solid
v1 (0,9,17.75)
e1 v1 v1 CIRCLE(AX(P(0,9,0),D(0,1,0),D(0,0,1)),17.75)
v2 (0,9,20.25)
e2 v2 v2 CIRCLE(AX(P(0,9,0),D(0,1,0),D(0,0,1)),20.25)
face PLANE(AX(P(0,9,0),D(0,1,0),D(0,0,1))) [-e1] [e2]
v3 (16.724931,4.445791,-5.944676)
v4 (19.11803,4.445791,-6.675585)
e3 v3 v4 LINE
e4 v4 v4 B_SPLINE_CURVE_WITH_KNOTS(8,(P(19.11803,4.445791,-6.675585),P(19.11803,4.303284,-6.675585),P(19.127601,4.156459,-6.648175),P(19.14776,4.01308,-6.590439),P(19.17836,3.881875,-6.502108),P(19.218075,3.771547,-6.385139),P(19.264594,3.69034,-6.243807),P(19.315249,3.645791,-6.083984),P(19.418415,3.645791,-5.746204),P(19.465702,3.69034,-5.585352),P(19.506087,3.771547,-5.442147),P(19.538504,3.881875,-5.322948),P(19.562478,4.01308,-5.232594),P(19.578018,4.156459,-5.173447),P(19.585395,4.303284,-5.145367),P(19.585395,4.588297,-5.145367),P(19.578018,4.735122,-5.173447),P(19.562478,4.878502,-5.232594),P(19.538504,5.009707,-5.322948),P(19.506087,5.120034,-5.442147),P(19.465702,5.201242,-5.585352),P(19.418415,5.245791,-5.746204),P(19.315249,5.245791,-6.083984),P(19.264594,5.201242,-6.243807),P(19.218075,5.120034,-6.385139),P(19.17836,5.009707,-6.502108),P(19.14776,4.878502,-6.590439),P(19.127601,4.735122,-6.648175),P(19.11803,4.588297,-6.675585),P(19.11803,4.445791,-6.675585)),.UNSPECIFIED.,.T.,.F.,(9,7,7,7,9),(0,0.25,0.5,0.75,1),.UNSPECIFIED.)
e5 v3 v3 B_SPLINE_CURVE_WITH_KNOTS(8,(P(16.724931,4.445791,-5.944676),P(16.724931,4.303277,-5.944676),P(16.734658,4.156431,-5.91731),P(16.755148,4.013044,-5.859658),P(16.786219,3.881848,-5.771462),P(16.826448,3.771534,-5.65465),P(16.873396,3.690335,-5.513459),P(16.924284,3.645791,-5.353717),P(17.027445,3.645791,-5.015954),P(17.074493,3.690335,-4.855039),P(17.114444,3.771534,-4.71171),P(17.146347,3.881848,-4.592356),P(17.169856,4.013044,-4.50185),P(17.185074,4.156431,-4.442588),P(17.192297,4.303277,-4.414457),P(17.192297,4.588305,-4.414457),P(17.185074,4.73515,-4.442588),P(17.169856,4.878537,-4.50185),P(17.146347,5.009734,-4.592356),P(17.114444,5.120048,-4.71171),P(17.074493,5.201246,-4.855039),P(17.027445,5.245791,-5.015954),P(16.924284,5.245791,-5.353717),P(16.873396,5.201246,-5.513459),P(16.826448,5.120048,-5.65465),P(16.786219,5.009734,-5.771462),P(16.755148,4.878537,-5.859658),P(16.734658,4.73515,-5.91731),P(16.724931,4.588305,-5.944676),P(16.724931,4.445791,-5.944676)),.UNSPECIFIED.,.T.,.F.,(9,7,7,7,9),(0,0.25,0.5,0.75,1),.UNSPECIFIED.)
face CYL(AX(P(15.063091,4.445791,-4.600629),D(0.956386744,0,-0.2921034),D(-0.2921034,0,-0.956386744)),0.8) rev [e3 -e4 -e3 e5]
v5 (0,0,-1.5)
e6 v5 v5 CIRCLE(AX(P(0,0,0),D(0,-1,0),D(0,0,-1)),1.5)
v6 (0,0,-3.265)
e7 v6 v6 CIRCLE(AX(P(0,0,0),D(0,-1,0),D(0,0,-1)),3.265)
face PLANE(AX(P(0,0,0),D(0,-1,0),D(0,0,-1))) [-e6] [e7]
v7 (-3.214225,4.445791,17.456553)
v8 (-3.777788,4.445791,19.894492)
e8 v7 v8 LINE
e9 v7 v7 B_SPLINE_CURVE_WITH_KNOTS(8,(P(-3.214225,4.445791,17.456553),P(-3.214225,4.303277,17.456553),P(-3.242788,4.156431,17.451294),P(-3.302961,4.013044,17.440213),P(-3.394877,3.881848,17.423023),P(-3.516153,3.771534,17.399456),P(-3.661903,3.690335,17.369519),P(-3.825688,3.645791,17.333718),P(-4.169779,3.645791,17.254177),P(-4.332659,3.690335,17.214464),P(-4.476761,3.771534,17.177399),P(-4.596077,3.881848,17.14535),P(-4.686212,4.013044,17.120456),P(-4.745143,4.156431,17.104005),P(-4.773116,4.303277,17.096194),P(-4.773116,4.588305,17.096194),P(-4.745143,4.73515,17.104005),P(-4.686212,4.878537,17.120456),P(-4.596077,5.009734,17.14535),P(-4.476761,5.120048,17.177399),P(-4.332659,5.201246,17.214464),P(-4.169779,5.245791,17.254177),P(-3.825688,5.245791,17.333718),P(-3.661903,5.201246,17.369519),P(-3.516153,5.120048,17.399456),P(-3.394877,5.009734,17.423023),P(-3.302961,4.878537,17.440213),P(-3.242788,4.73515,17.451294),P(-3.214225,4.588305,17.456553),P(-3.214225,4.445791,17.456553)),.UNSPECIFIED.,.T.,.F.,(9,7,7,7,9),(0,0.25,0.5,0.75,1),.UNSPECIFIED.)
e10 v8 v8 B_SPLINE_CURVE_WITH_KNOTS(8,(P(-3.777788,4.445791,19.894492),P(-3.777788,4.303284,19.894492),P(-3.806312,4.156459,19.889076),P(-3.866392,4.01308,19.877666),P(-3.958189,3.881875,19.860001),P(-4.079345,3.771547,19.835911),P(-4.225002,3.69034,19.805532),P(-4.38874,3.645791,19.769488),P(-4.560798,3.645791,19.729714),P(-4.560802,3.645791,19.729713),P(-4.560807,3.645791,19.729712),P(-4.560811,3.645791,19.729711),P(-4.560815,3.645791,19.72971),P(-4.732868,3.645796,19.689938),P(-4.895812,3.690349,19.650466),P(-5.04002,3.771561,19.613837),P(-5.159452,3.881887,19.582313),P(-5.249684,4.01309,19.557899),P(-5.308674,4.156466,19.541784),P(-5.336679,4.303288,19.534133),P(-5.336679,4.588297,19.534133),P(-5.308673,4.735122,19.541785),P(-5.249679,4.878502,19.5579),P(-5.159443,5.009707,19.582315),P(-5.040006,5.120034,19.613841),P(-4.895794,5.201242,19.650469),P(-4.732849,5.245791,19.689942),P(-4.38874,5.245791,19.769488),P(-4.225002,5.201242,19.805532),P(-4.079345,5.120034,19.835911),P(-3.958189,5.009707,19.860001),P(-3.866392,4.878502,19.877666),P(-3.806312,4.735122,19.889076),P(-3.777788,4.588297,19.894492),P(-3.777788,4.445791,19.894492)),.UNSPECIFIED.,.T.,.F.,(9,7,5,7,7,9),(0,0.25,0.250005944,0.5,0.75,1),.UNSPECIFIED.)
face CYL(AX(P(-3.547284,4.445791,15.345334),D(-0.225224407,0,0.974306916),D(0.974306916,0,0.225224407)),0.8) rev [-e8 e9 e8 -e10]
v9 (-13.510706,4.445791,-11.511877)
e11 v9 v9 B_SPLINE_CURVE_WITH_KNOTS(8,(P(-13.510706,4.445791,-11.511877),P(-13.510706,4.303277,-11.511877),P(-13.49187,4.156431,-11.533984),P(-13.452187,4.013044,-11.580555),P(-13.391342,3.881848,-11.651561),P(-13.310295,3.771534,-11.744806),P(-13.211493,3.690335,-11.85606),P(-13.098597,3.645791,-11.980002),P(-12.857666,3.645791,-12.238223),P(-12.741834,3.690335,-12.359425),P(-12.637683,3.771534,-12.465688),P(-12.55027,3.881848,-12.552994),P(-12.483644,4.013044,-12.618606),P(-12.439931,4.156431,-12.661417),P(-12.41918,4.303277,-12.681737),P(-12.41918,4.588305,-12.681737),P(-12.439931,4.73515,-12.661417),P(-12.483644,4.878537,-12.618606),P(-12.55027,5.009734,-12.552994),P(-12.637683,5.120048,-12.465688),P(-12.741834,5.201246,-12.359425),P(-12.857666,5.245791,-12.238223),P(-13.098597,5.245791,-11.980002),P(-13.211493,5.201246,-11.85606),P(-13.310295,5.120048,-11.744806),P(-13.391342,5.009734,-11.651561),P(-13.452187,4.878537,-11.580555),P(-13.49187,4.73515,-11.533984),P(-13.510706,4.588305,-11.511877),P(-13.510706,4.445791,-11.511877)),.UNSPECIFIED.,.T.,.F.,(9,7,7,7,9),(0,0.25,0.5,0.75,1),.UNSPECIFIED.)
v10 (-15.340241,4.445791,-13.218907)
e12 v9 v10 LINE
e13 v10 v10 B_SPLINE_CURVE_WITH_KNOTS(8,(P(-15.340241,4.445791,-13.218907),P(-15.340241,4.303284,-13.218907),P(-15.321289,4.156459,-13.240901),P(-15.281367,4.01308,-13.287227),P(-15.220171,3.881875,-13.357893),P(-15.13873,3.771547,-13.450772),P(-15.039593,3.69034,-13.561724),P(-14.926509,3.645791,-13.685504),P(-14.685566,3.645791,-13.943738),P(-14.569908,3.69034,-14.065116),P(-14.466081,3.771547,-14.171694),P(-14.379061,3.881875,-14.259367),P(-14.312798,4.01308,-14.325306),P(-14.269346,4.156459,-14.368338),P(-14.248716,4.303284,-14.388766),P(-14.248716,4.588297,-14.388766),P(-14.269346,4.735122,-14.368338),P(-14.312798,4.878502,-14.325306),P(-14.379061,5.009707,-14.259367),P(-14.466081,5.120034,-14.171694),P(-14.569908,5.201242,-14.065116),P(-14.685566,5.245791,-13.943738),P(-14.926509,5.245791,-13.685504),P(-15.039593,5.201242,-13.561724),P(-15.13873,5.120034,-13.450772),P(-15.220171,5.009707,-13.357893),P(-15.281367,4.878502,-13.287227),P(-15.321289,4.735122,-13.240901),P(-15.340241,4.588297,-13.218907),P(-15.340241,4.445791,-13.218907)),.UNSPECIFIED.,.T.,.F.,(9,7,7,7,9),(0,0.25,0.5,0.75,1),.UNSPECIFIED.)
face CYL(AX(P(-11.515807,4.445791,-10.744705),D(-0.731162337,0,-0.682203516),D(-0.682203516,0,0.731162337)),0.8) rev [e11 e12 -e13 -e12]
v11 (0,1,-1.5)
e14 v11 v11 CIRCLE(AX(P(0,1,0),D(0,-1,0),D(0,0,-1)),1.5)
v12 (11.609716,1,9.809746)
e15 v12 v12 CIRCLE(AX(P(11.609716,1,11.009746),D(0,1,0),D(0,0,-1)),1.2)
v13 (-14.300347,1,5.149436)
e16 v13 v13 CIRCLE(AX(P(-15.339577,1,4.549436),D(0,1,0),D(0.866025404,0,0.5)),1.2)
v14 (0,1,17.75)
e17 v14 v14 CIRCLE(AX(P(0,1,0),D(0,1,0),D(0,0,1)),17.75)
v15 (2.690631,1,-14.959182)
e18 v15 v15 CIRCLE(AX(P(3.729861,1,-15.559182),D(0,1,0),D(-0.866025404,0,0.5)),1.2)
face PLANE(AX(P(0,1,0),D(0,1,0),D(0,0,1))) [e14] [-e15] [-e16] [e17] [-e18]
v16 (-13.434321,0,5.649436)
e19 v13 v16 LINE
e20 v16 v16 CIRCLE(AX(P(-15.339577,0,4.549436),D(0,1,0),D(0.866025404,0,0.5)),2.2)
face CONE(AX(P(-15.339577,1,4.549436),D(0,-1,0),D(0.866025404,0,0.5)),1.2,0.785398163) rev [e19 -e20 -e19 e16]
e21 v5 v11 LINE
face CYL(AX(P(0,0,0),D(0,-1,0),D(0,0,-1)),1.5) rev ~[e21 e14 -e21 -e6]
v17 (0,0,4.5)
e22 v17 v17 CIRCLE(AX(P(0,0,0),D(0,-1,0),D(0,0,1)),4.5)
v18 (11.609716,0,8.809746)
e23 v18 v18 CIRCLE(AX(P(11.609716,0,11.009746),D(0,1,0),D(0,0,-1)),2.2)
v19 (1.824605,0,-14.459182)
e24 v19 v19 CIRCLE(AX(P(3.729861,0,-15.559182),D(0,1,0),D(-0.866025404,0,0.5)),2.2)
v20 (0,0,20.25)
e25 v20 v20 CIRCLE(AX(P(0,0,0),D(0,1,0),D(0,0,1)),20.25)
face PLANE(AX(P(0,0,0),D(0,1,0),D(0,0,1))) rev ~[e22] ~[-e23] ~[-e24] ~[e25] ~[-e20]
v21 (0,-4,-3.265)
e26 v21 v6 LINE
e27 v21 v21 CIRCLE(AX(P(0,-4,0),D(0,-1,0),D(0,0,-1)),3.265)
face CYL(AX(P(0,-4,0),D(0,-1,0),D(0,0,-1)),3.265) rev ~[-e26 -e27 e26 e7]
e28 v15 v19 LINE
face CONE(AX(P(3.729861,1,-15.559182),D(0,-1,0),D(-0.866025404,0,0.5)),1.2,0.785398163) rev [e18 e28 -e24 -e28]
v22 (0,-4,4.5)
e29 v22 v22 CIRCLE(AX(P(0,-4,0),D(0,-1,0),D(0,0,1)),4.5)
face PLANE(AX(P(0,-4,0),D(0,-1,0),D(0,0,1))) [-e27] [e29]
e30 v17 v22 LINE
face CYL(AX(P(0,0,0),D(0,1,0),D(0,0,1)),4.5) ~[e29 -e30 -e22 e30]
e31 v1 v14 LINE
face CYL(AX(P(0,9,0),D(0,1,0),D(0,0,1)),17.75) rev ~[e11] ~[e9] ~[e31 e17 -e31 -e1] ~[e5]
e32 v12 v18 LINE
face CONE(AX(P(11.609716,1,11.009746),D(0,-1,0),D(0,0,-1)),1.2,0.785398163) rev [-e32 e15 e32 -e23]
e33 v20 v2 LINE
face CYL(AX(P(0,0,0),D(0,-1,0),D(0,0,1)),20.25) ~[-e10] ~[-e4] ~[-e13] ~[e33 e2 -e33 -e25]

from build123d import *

# Parameters (mm, degrees)
SKETCH1_R           = 20.25
BOSS_EXTRUDE1_DEPTH = 9
SKETCH2_R           = 17.75
CUT_EXTRUDE1_DEPTH  = 8
CIRPATTERN1_COUNT   = 3
SKETCH5_R           = 1.5
CUT_EXTRUDE2_DEPTH  = 8
CIRPATTERN2_COUNT   = 3
SKETCH7_R           = 4.5
BOSS_EXTRUDE3_DEPTH = 4
SKETCH8_R           = 3.265
CUT_EXTRUDE3_DEPTH  = 4


with BuildPart() as part:
    # Sketch1 → Boss-Extrude1 (new body)
    with BuildSketch(Plane(origin=(0, 0, 0), x_dir=(1, 0, 0), z_dir=(0, 1, 0))):
        with Locations(Location((0, 0, 0), (0, 0, 270))):
            Circle(SKETCH1_R)
    extrude(amount=BOSS_EXTRUDE1_DEPTH)

    # Sketch2 → Cut-Extrude1 (cut)
    with BuildSketch(Plane(origin=(0, 9, 0), x_dir=(1, 0, 0), z_dir=(0, 1, 0))):
        with Locations(Location((0, 0, 0), (0, 0, 270))):
            Circle(SKETCH2_R)
    extrude(amount=-CUT_EXTRUDE1_DEPTH, mode=Mode.SUBTRACT)

    # Sketch4 → CSK SLOT for M2 Countersunk Flat Head Screw1 (revolve, cut)
    with BuildSketch(Plane(origin=(11.609715894, 0, 11.00974554), x_dir=(0, 0, -1), z_dir=(1, 0, 0))):
        Polygon((0, 0), (0, 6.521032743), (1.2, 5.8), (1.2, 1), (2.2, 0), align=None)
    csk_slot_for_m2_countersunk_flat_head_sc = revolve(axis=Axis((11.609715894, -6.35, 11.00974554), (0, 1, 0)), mode=Mode.SUBTRACT)

    # CirPattern1: CSK SLOT for M2 Countersunk Flat Head Screw1 ×3 about axis
    cirpattern1_axis = Axis((0, 0, 0), (0, 1, 0))
    for i in range(1, CIRPATTERN1_COUNT):
        add(csk_slot_for_m2_countersunk_flat_head_sc.rotate(cirpattern1_axis, i * 360 / CIRPATTERN1_COUNT), mode=Mode.SUBTRACT)

    # Sketch5 → Cut-Extrude2 (cut)
    with BuildSketch(Plane.XZ):
        with Locations(Location((0, 0, 0), (0, 0, 270))):
            Circle(SKETCH5_R)
    extrude(amount=-CUT_EXTRUDE2_DEPTH, mode=Mode.SUBTRACT)

    # Sketch6 → M2 Tapped Hole1 (revolve, cut)
    with BuildSketch(Plane(origin=(-4.560794248, 4.445790719, 19.729715047), x_dir=(0.974306915892993, 0, 0.22522440729877435), z_dir=(0, 1, 0))):
        Polygon((0, 0), (0, 4.980688495), (0.8, 4.5), (0.8, 0), align=None)
    m2_tapped_hole1 = revolve(axis=Axis((-5.990969234, 4.445790719, 25.916563963), (0.22522440729877433, 0, -0.9743069158929931)), mode=Mode.SUBTRACT)

    # CirPattern2: M2 Tapped Hole1 ×3 about axis
    cirpattern2_axis = Axis((0, 9, 0), (0, -1, 0))
    for i in range(1, CIRPATTERN2_COUNT):
        add(m2_tapped_hole1.rotate(cirpattern2_axis, i * 360 / CIRPATTERN2_COUNT), mode=Mode.SUBTRACT)

    # Sketch7 → Boss-Extrude3 (add)
    with BuildSketch(Plane.XZ):
        with Locations(Location((0, 0, 0), (0, 0, 90))):
            Circle(SKETCH7_R)
    extrude(amount=BOSS_EXTRUDE3_DEPTH)

    # Sketch8 → Cut-Extrude3 (cut)
    with BuildSketch(Plane.XZ.offset(4)):
        with Locations(Location((0, 0, 0), (0, 0, 270))):
            Circle(SKETCH8_R)
    extrude(amount=-CUT_EXTRUDE3_DEPTH, mode=Mode.SUBTRACT)


solid = part.part
